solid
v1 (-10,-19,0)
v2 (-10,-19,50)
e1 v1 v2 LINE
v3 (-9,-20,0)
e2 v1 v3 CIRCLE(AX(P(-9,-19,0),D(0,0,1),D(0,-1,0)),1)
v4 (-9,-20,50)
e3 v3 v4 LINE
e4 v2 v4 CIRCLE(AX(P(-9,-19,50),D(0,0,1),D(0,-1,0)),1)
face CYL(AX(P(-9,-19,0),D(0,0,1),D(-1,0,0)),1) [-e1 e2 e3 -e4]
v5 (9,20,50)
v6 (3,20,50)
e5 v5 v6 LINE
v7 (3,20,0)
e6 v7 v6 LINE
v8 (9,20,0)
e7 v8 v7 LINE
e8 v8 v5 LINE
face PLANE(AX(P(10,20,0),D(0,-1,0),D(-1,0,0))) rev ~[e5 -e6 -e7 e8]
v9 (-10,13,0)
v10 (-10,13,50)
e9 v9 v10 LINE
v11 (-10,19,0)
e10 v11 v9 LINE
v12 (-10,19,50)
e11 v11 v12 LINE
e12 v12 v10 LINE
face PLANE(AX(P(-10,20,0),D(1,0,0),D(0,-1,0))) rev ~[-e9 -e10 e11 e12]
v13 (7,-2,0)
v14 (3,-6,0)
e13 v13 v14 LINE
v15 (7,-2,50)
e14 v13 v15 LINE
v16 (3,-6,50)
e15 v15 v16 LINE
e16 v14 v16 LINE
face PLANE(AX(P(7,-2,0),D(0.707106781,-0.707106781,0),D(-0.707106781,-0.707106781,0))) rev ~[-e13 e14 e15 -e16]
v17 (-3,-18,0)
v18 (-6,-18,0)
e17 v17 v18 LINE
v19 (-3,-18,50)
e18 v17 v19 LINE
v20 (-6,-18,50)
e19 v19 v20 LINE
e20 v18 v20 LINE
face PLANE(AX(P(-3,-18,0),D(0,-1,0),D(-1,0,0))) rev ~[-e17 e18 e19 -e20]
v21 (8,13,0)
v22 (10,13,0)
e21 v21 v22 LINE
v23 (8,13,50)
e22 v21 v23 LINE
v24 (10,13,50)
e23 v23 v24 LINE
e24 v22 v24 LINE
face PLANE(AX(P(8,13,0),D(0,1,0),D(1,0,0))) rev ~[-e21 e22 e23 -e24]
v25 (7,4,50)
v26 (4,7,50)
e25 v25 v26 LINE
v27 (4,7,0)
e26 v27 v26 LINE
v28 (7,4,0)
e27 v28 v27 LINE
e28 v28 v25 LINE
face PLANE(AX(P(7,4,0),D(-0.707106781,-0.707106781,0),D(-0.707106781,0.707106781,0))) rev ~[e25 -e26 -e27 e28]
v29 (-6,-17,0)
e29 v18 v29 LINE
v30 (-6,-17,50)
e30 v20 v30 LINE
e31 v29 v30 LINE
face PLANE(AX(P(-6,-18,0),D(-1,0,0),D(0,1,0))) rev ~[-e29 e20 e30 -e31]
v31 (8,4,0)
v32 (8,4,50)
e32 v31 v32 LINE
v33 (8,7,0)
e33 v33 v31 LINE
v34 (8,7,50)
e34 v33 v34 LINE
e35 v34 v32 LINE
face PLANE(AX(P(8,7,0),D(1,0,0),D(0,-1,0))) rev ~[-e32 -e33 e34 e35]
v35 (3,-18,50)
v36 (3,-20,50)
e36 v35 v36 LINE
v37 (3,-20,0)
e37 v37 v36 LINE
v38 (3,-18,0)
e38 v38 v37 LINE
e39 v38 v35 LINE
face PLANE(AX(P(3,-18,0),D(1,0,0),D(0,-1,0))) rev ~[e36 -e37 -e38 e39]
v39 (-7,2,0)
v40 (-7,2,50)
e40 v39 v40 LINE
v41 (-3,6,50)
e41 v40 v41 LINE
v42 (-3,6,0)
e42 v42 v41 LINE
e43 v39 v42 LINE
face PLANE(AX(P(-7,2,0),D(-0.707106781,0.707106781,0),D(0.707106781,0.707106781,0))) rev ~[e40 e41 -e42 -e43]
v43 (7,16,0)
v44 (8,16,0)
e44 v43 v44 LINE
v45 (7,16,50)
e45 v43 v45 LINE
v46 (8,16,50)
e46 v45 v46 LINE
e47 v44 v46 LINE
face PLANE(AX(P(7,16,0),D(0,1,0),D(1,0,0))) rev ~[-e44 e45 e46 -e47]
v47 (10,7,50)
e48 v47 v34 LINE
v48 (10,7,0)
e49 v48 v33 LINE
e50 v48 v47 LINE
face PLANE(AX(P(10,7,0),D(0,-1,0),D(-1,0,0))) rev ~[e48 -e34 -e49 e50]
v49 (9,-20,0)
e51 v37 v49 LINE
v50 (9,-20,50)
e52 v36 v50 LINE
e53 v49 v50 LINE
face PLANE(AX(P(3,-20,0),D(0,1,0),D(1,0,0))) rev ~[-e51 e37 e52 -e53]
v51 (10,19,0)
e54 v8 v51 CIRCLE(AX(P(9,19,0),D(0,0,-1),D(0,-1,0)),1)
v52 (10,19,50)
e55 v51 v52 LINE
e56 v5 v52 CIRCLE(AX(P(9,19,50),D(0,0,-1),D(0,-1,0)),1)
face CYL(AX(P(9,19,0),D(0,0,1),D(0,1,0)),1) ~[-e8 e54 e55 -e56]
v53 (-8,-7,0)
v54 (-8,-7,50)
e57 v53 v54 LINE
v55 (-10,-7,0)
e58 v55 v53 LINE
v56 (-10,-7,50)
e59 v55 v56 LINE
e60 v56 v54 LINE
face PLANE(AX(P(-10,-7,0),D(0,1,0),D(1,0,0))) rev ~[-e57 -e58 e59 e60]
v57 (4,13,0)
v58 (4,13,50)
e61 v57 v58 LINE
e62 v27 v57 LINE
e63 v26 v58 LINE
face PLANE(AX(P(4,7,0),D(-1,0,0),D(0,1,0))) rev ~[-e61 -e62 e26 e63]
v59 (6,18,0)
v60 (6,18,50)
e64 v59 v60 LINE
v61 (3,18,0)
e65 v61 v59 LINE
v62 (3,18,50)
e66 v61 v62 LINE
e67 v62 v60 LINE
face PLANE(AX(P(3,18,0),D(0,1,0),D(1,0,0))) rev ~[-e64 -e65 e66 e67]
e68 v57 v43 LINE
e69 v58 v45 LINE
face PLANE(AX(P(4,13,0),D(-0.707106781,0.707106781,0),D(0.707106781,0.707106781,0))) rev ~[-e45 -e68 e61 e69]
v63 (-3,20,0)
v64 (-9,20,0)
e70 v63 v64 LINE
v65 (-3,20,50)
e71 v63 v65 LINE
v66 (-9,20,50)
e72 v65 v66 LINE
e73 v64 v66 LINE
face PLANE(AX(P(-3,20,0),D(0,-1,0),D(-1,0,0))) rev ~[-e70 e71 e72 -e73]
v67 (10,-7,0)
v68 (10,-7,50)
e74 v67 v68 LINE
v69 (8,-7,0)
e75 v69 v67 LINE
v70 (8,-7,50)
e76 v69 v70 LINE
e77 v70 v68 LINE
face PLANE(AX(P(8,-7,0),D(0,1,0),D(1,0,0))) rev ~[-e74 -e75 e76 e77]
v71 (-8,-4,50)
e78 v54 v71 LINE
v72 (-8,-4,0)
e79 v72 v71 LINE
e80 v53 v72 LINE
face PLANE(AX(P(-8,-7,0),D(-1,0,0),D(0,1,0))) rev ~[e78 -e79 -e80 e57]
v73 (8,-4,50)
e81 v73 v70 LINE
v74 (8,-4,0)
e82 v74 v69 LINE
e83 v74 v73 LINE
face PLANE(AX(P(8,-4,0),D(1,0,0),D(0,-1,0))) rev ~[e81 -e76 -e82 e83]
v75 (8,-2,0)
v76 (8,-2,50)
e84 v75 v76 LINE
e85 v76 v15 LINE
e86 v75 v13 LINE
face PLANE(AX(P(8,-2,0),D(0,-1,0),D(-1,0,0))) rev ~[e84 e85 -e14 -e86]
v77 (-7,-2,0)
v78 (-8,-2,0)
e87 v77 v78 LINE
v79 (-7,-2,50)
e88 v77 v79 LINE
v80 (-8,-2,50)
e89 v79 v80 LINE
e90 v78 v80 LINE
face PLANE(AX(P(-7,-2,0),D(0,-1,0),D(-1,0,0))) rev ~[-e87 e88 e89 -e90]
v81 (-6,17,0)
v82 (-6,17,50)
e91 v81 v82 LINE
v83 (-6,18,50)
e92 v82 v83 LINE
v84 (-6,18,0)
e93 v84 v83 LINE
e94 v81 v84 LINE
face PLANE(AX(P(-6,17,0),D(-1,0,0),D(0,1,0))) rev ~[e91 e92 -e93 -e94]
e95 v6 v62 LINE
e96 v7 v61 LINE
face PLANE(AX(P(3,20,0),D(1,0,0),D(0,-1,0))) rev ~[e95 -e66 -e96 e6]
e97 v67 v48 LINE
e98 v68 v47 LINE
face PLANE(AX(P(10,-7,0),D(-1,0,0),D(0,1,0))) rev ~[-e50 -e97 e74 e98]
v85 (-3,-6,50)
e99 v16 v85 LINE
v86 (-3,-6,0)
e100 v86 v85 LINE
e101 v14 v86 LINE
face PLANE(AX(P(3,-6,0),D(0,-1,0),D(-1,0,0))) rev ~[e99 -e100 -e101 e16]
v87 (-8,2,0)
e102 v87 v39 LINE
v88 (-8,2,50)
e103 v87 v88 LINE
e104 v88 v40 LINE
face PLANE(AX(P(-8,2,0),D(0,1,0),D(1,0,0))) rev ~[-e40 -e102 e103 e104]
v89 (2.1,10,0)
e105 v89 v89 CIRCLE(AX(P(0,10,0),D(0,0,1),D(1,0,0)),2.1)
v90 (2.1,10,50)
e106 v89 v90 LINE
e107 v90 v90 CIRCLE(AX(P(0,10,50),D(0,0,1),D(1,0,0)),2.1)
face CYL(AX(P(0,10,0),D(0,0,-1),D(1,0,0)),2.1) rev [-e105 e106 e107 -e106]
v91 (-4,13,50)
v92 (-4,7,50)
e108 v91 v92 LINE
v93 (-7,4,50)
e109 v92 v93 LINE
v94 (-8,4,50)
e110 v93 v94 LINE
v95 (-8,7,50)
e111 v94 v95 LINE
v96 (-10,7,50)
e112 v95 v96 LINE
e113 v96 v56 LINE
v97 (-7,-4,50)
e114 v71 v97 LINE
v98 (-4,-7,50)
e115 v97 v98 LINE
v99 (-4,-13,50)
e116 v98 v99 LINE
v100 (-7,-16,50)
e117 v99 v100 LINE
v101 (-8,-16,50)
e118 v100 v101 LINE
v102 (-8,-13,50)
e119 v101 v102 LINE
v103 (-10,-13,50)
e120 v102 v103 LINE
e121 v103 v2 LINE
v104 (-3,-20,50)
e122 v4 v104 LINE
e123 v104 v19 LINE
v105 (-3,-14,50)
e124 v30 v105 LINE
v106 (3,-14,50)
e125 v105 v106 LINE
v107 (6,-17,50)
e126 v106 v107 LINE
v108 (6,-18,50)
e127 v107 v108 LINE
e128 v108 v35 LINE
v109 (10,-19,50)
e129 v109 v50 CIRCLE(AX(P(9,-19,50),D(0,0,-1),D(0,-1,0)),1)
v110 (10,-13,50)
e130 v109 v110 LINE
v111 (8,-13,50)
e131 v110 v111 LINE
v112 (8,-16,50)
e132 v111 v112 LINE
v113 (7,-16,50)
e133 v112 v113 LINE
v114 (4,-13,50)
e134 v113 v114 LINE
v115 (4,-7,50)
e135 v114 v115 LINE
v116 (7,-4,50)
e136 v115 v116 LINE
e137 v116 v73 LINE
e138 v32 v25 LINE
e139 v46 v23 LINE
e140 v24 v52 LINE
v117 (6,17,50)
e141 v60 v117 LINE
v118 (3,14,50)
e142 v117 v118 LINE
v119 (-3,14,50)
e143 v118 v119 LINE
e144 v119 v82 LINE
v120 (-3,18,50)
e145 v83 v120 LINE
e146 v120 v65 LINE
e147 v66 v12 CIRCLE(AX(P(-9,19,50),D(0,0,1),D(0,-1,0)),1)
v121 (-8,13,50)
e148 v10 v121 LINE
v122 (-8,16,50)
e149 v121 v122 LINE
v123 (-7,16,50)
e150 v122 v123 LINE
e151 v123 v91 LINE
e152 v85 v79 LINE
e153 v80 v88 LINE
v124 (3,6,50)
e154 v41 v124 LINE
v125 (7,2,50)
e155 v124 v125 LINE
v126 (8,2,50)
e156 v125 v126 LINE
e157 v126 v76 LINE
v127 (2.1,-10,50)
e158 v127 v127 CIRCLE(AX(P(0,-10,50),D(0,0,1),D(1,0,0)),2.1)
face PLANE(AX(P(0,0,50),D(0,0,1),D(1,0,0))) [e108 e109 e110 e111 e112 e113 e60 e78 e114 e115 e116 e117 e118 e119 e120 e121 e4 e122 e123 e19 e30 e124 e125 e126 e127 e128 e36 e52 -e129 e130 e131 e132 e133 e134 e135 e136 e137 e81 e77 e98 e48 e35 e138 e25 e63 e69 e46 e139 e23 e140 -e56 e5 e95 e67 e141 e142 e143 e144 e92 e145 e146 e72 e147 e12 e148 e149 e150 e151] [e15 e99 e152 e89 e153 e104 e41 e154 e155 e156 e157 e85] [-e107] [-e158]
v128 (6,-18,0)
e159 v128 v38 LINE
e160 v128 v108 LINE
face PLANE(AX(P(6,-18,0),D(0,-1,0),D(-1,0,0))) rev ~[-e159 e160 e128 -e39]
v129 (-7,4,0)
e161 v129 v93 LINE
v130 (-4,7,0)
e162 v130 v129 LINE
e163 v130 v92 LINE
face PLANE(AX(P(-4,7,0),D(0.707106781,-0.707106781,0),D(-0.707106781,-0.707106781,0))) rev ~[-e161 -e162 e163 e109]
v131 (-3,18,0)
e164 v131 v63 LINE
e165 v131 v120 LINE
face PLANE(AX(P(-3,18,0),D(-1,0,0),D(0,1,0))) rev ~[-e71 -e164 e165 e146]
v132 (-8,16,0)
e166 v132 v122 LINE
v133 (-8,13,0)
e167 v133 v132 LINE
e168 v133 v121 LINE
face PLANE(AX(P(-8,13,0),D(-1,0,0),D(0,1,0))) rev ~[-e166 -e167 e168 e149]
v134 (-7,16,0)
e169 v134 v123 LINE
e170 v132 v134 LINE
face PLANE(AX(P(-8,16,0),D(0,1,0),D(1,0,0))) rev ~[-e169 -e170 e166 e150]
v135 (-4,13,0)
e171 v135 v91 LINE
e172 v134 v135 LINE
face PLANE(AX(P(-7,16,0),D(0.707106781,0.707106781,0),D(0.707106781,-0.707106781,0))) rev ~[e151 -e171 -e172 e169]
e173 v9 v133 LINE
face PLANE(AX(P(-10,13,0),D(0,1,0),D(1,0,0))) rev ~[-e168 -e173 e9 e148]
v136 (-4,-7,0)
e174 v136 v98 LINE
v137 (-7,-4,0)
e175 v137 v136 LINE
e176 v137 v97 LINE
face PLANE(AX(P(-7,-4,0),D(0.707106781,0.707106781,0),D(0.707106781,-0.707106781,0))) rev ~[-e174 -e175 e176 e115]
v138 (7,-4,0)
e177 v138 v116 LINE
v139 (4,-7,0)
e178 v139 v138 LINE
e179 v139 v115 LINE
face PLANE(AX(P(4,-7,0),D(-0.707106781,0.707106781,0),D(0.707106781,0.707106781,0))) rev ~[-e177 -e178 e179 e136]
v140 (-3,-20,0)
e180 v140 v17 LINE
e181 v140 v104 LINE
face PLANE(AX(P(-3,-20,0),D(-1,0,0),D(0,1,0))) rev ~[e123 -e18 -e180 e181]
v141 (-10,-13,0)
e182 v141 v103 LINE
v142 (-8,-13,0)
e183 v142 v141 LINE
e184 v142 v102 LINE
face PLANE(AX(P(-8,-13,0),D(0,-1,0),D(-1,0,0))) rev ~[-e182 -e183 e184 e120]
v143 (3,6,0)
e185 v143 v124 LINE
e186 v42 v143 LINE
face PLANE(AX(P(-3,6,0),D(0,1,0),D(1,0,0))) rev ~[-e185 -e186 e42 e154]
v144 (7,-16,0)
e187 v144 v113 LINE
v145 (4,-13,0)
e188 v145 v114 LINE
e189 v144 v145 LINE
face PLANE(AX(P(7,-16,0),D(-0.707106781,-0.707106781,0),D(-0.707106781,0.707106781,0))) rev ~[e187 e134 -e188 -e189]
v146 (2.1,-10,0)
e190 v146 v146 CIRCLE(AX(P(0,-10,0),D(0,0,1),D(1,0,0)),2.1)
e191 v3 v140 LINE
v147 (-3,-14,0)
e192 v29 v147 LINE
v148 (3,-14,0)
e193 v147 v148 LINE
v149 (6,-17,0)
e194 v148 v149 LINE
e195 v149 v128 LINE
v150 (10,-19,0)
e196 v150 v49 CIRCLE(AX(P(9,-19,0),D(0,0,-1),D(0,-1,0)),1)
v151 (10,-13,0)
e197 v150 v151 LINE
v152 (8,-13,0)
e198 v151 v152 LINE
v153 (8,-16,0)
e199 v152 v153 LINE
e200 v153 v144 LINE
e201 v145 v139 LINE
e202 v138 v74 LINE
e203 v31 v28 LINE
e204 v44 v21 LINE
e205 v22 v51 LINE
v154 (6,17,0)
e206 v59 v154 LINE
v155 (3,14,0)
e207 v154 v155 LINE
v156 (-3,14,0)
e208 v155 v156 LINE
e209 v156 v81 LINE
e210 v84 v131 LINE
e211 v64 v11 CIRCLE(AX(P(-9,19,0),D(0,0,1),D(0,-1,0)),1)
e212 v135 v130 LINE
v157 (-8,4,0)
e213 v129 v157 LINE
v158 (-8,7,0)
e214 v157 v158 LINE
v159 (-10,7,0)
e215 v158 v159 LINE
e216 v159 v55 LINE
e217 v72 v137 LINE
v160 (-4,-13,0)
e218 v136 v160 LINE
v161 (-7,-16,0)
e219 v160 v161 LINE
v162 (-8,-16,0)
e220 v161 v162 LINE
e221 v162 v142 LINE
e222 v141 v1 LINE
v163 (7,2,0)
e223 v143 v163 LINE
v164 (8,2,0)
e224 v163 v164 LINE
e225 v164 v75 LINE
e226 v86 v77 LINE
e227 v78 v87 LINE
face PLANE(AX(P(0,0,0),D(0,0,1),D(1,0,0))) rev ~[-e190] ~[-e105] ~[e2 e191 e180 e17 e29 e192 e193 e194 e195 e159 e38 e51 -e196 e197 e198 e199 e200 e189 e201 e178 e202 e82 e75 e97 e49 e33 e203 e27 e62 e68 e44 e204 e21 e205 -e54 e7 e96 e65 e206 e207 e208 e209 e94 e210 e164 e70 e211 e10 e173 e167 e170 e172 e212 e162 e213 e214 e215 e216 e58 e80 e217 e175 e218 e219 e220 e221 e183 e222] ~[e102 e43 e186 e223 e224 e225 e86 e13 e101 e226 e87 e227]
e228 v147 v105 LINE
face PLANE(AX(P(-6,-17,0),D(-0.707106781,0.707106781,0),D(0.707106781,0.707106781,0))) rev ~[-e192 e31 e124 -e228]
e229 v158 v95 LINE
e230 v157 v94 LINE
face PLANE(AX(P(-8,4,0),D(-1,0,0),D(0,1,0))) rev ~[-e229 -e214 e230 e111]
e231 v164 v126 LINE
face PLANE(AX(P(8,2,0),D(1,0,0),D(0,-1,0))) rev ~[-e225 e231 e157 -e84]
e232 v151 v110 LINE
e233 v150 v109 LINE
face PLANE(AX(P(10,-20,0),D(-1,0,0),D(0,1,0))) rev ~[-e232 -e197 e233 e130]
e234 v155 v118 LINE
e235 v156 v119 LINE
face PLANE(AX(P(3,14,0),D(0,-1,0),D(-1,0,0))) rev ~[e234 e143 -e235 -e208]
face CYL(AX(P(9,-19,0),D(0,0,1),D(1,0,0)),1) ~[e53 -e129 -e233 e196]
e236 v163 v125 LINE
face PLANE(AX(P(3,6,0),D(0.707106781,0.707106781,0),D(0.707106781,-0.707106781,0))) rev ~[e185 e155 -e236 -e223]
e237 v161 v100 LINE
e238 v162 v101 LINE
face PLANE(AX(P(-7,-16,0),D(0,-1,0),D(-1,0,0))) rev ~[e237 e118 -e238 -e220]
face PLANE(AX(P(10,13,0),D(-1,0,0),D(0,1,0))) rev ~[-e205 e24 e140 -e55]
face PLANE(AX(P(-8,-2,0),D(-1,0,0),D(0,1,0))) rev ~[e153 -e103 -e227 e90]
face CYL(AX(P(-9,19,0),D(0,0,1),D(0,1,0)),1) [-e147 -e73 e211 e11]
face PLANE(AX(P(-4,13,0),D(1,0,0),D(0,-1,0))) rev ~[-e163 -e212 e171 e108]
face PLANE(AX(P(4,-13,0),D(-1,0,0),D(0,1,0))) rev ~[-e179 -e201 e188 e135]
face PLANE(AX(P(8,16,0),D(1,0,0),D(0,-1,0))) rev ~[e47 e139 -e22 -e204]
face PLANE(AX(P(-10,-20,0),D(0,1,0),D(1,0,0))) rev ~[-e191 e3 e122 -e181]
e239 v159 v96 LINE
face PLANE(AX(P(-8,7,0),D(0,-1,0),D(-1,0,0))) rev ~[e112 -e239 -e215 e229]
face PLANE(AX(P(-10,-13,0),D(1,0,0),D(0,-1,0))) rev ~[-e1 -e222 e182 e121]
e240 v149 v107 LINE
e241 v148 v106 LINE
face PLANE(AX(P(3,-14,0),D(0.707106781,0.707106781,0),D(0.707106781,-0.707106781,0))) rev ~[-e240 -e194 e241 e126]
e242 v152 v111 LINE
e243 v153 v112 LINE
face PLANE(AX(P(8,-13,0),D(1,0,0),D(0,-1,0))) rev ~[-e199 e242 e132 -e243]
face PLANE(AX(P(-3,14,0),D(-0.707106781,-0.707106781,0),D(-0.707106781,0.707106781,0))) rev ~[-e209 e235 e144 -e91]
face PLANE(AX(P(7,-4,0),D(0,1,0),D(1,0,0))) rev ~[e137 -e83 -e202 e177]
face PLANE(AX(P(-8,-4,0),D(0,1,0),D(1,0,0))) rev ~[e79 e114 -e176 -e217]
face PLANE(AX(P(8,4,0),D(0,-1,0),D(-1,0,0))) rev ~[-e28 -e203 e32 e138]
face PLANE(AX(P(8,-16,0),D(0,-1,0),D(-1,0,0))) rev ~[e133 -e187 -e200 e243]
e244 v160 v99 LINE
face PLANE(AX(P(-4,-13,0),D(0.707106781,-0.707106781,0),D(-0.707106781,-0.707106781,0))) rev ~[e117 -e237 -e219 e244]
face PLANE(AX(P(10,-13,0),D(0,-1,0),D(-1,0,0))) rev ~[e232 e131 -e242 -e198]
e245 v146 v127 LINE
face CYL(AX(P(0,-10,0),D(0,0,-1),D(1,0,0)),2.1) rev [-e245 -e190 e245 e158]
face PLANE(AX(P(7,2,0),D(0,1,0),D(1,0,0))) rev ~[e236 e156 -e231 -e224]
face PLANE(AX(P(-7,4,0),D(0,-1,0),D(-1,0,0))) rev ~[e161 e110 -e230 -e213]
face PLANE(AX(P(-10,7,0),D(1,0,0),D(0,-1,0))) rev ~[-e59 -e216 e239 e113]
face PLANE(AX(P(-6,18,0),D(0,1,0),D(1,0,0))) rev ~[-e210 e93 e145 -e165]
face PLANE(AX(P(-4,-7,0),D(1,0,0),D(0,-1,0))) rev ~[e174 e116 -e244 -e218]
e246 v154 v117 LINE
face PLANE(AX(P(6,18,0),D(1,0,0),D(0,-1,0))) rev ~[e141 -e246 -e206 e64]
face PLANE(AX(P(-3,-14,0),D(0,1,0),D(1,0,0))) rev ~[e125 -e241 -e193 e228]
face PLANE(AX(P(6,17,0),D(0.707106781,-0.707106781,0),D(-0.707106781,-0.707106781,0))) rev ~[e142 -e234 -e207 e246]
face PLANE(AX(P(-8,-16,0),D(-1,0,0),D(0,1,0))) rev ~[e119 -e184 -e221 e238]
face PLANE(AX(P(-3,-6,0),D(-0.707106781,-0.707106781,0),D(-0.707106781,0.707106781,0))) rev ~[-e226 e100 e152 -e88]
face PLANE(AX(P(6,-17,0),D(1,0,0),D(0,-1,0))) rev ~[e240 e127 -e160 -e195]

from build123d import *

# Parameters (mm, degrees)
SCHIZZO1_R                   = 2.1
ESTRUSIONE_ESTRUSIONE1_DEPTH = 50
RACCORDO1_R                  = 1


with BuildPart() as part:
    # Schizzo1 → Estrusione-Estrusione1 (new body)
    with BuildSketch(Plane.XY):
        Polygon((-3, 20), (-10, 20), (-10, 13), (-8, 13), (-8, 16), (-7, 16), (-4, 13), (-4, 7), (-7, 4), (-8, 4), (-8, 7), (-10, 7), (-10, -7), (-8, -7), (-8, -4), (-7, -4), (-4, -7), (-4, -13), (-7, -16), (-8, -16), (-8, -13), (-10, -13), (-10, -20), (-3, -20), (-3, -18), (-6, -18), (-6, -17), (-3, -14), (3, -14), (6, -17), (6, -18), (3, -18), (3, -20), (10, -20), (10, -13), (8, -13), (8, -16), (7, -16), (4, -13), (4, -7), (7, -4), (8, -4), (8, -7), (10, -7), (10, 7), (8, 7), (8, 4), (7, 4), (4, 7), (4, 13), (7, 16), (8, 16), (8, 13), (10, 13), (10, 20), (3, 20), (3, 18), (6, 18), (6, 17), (3, 14), (-3, 14), (-6, 17), (-6, 18), (-3, 18), align=None)
        Polygon((8, 2), (8, -2), (7, -2), (3, -6), (-3, -6), (-7, -2), (-8, -2), (-8, 2), (-7, 2), (-3, 6), (3, 6), (7, 2), align=None, mode=Mode.SUBTRACT)
        with Locations((0, 10)):
            Circle(SCHIZZO1_R, mode=Mode.SUBTRACT)
        with Locations((0, -10)):
            Circle(SCHIZZO1_R, mode=Mode.SUBTRACT)
    extrude(amount=ESTRUSIONE_ESTRUSIONE1_DEPTH)

    # Raccordo1
    raccordo1_edges = [part.edges().sort_by_distance(p)[0] for p in [
        (-10, 20, 25),
        (10, 20, 25),
        (10, -20, 25),
        (-10, -20, 25),
    ]]
    fillet(raccordo1_edges, radius=RACCORDO1_R)


solid = part.part
